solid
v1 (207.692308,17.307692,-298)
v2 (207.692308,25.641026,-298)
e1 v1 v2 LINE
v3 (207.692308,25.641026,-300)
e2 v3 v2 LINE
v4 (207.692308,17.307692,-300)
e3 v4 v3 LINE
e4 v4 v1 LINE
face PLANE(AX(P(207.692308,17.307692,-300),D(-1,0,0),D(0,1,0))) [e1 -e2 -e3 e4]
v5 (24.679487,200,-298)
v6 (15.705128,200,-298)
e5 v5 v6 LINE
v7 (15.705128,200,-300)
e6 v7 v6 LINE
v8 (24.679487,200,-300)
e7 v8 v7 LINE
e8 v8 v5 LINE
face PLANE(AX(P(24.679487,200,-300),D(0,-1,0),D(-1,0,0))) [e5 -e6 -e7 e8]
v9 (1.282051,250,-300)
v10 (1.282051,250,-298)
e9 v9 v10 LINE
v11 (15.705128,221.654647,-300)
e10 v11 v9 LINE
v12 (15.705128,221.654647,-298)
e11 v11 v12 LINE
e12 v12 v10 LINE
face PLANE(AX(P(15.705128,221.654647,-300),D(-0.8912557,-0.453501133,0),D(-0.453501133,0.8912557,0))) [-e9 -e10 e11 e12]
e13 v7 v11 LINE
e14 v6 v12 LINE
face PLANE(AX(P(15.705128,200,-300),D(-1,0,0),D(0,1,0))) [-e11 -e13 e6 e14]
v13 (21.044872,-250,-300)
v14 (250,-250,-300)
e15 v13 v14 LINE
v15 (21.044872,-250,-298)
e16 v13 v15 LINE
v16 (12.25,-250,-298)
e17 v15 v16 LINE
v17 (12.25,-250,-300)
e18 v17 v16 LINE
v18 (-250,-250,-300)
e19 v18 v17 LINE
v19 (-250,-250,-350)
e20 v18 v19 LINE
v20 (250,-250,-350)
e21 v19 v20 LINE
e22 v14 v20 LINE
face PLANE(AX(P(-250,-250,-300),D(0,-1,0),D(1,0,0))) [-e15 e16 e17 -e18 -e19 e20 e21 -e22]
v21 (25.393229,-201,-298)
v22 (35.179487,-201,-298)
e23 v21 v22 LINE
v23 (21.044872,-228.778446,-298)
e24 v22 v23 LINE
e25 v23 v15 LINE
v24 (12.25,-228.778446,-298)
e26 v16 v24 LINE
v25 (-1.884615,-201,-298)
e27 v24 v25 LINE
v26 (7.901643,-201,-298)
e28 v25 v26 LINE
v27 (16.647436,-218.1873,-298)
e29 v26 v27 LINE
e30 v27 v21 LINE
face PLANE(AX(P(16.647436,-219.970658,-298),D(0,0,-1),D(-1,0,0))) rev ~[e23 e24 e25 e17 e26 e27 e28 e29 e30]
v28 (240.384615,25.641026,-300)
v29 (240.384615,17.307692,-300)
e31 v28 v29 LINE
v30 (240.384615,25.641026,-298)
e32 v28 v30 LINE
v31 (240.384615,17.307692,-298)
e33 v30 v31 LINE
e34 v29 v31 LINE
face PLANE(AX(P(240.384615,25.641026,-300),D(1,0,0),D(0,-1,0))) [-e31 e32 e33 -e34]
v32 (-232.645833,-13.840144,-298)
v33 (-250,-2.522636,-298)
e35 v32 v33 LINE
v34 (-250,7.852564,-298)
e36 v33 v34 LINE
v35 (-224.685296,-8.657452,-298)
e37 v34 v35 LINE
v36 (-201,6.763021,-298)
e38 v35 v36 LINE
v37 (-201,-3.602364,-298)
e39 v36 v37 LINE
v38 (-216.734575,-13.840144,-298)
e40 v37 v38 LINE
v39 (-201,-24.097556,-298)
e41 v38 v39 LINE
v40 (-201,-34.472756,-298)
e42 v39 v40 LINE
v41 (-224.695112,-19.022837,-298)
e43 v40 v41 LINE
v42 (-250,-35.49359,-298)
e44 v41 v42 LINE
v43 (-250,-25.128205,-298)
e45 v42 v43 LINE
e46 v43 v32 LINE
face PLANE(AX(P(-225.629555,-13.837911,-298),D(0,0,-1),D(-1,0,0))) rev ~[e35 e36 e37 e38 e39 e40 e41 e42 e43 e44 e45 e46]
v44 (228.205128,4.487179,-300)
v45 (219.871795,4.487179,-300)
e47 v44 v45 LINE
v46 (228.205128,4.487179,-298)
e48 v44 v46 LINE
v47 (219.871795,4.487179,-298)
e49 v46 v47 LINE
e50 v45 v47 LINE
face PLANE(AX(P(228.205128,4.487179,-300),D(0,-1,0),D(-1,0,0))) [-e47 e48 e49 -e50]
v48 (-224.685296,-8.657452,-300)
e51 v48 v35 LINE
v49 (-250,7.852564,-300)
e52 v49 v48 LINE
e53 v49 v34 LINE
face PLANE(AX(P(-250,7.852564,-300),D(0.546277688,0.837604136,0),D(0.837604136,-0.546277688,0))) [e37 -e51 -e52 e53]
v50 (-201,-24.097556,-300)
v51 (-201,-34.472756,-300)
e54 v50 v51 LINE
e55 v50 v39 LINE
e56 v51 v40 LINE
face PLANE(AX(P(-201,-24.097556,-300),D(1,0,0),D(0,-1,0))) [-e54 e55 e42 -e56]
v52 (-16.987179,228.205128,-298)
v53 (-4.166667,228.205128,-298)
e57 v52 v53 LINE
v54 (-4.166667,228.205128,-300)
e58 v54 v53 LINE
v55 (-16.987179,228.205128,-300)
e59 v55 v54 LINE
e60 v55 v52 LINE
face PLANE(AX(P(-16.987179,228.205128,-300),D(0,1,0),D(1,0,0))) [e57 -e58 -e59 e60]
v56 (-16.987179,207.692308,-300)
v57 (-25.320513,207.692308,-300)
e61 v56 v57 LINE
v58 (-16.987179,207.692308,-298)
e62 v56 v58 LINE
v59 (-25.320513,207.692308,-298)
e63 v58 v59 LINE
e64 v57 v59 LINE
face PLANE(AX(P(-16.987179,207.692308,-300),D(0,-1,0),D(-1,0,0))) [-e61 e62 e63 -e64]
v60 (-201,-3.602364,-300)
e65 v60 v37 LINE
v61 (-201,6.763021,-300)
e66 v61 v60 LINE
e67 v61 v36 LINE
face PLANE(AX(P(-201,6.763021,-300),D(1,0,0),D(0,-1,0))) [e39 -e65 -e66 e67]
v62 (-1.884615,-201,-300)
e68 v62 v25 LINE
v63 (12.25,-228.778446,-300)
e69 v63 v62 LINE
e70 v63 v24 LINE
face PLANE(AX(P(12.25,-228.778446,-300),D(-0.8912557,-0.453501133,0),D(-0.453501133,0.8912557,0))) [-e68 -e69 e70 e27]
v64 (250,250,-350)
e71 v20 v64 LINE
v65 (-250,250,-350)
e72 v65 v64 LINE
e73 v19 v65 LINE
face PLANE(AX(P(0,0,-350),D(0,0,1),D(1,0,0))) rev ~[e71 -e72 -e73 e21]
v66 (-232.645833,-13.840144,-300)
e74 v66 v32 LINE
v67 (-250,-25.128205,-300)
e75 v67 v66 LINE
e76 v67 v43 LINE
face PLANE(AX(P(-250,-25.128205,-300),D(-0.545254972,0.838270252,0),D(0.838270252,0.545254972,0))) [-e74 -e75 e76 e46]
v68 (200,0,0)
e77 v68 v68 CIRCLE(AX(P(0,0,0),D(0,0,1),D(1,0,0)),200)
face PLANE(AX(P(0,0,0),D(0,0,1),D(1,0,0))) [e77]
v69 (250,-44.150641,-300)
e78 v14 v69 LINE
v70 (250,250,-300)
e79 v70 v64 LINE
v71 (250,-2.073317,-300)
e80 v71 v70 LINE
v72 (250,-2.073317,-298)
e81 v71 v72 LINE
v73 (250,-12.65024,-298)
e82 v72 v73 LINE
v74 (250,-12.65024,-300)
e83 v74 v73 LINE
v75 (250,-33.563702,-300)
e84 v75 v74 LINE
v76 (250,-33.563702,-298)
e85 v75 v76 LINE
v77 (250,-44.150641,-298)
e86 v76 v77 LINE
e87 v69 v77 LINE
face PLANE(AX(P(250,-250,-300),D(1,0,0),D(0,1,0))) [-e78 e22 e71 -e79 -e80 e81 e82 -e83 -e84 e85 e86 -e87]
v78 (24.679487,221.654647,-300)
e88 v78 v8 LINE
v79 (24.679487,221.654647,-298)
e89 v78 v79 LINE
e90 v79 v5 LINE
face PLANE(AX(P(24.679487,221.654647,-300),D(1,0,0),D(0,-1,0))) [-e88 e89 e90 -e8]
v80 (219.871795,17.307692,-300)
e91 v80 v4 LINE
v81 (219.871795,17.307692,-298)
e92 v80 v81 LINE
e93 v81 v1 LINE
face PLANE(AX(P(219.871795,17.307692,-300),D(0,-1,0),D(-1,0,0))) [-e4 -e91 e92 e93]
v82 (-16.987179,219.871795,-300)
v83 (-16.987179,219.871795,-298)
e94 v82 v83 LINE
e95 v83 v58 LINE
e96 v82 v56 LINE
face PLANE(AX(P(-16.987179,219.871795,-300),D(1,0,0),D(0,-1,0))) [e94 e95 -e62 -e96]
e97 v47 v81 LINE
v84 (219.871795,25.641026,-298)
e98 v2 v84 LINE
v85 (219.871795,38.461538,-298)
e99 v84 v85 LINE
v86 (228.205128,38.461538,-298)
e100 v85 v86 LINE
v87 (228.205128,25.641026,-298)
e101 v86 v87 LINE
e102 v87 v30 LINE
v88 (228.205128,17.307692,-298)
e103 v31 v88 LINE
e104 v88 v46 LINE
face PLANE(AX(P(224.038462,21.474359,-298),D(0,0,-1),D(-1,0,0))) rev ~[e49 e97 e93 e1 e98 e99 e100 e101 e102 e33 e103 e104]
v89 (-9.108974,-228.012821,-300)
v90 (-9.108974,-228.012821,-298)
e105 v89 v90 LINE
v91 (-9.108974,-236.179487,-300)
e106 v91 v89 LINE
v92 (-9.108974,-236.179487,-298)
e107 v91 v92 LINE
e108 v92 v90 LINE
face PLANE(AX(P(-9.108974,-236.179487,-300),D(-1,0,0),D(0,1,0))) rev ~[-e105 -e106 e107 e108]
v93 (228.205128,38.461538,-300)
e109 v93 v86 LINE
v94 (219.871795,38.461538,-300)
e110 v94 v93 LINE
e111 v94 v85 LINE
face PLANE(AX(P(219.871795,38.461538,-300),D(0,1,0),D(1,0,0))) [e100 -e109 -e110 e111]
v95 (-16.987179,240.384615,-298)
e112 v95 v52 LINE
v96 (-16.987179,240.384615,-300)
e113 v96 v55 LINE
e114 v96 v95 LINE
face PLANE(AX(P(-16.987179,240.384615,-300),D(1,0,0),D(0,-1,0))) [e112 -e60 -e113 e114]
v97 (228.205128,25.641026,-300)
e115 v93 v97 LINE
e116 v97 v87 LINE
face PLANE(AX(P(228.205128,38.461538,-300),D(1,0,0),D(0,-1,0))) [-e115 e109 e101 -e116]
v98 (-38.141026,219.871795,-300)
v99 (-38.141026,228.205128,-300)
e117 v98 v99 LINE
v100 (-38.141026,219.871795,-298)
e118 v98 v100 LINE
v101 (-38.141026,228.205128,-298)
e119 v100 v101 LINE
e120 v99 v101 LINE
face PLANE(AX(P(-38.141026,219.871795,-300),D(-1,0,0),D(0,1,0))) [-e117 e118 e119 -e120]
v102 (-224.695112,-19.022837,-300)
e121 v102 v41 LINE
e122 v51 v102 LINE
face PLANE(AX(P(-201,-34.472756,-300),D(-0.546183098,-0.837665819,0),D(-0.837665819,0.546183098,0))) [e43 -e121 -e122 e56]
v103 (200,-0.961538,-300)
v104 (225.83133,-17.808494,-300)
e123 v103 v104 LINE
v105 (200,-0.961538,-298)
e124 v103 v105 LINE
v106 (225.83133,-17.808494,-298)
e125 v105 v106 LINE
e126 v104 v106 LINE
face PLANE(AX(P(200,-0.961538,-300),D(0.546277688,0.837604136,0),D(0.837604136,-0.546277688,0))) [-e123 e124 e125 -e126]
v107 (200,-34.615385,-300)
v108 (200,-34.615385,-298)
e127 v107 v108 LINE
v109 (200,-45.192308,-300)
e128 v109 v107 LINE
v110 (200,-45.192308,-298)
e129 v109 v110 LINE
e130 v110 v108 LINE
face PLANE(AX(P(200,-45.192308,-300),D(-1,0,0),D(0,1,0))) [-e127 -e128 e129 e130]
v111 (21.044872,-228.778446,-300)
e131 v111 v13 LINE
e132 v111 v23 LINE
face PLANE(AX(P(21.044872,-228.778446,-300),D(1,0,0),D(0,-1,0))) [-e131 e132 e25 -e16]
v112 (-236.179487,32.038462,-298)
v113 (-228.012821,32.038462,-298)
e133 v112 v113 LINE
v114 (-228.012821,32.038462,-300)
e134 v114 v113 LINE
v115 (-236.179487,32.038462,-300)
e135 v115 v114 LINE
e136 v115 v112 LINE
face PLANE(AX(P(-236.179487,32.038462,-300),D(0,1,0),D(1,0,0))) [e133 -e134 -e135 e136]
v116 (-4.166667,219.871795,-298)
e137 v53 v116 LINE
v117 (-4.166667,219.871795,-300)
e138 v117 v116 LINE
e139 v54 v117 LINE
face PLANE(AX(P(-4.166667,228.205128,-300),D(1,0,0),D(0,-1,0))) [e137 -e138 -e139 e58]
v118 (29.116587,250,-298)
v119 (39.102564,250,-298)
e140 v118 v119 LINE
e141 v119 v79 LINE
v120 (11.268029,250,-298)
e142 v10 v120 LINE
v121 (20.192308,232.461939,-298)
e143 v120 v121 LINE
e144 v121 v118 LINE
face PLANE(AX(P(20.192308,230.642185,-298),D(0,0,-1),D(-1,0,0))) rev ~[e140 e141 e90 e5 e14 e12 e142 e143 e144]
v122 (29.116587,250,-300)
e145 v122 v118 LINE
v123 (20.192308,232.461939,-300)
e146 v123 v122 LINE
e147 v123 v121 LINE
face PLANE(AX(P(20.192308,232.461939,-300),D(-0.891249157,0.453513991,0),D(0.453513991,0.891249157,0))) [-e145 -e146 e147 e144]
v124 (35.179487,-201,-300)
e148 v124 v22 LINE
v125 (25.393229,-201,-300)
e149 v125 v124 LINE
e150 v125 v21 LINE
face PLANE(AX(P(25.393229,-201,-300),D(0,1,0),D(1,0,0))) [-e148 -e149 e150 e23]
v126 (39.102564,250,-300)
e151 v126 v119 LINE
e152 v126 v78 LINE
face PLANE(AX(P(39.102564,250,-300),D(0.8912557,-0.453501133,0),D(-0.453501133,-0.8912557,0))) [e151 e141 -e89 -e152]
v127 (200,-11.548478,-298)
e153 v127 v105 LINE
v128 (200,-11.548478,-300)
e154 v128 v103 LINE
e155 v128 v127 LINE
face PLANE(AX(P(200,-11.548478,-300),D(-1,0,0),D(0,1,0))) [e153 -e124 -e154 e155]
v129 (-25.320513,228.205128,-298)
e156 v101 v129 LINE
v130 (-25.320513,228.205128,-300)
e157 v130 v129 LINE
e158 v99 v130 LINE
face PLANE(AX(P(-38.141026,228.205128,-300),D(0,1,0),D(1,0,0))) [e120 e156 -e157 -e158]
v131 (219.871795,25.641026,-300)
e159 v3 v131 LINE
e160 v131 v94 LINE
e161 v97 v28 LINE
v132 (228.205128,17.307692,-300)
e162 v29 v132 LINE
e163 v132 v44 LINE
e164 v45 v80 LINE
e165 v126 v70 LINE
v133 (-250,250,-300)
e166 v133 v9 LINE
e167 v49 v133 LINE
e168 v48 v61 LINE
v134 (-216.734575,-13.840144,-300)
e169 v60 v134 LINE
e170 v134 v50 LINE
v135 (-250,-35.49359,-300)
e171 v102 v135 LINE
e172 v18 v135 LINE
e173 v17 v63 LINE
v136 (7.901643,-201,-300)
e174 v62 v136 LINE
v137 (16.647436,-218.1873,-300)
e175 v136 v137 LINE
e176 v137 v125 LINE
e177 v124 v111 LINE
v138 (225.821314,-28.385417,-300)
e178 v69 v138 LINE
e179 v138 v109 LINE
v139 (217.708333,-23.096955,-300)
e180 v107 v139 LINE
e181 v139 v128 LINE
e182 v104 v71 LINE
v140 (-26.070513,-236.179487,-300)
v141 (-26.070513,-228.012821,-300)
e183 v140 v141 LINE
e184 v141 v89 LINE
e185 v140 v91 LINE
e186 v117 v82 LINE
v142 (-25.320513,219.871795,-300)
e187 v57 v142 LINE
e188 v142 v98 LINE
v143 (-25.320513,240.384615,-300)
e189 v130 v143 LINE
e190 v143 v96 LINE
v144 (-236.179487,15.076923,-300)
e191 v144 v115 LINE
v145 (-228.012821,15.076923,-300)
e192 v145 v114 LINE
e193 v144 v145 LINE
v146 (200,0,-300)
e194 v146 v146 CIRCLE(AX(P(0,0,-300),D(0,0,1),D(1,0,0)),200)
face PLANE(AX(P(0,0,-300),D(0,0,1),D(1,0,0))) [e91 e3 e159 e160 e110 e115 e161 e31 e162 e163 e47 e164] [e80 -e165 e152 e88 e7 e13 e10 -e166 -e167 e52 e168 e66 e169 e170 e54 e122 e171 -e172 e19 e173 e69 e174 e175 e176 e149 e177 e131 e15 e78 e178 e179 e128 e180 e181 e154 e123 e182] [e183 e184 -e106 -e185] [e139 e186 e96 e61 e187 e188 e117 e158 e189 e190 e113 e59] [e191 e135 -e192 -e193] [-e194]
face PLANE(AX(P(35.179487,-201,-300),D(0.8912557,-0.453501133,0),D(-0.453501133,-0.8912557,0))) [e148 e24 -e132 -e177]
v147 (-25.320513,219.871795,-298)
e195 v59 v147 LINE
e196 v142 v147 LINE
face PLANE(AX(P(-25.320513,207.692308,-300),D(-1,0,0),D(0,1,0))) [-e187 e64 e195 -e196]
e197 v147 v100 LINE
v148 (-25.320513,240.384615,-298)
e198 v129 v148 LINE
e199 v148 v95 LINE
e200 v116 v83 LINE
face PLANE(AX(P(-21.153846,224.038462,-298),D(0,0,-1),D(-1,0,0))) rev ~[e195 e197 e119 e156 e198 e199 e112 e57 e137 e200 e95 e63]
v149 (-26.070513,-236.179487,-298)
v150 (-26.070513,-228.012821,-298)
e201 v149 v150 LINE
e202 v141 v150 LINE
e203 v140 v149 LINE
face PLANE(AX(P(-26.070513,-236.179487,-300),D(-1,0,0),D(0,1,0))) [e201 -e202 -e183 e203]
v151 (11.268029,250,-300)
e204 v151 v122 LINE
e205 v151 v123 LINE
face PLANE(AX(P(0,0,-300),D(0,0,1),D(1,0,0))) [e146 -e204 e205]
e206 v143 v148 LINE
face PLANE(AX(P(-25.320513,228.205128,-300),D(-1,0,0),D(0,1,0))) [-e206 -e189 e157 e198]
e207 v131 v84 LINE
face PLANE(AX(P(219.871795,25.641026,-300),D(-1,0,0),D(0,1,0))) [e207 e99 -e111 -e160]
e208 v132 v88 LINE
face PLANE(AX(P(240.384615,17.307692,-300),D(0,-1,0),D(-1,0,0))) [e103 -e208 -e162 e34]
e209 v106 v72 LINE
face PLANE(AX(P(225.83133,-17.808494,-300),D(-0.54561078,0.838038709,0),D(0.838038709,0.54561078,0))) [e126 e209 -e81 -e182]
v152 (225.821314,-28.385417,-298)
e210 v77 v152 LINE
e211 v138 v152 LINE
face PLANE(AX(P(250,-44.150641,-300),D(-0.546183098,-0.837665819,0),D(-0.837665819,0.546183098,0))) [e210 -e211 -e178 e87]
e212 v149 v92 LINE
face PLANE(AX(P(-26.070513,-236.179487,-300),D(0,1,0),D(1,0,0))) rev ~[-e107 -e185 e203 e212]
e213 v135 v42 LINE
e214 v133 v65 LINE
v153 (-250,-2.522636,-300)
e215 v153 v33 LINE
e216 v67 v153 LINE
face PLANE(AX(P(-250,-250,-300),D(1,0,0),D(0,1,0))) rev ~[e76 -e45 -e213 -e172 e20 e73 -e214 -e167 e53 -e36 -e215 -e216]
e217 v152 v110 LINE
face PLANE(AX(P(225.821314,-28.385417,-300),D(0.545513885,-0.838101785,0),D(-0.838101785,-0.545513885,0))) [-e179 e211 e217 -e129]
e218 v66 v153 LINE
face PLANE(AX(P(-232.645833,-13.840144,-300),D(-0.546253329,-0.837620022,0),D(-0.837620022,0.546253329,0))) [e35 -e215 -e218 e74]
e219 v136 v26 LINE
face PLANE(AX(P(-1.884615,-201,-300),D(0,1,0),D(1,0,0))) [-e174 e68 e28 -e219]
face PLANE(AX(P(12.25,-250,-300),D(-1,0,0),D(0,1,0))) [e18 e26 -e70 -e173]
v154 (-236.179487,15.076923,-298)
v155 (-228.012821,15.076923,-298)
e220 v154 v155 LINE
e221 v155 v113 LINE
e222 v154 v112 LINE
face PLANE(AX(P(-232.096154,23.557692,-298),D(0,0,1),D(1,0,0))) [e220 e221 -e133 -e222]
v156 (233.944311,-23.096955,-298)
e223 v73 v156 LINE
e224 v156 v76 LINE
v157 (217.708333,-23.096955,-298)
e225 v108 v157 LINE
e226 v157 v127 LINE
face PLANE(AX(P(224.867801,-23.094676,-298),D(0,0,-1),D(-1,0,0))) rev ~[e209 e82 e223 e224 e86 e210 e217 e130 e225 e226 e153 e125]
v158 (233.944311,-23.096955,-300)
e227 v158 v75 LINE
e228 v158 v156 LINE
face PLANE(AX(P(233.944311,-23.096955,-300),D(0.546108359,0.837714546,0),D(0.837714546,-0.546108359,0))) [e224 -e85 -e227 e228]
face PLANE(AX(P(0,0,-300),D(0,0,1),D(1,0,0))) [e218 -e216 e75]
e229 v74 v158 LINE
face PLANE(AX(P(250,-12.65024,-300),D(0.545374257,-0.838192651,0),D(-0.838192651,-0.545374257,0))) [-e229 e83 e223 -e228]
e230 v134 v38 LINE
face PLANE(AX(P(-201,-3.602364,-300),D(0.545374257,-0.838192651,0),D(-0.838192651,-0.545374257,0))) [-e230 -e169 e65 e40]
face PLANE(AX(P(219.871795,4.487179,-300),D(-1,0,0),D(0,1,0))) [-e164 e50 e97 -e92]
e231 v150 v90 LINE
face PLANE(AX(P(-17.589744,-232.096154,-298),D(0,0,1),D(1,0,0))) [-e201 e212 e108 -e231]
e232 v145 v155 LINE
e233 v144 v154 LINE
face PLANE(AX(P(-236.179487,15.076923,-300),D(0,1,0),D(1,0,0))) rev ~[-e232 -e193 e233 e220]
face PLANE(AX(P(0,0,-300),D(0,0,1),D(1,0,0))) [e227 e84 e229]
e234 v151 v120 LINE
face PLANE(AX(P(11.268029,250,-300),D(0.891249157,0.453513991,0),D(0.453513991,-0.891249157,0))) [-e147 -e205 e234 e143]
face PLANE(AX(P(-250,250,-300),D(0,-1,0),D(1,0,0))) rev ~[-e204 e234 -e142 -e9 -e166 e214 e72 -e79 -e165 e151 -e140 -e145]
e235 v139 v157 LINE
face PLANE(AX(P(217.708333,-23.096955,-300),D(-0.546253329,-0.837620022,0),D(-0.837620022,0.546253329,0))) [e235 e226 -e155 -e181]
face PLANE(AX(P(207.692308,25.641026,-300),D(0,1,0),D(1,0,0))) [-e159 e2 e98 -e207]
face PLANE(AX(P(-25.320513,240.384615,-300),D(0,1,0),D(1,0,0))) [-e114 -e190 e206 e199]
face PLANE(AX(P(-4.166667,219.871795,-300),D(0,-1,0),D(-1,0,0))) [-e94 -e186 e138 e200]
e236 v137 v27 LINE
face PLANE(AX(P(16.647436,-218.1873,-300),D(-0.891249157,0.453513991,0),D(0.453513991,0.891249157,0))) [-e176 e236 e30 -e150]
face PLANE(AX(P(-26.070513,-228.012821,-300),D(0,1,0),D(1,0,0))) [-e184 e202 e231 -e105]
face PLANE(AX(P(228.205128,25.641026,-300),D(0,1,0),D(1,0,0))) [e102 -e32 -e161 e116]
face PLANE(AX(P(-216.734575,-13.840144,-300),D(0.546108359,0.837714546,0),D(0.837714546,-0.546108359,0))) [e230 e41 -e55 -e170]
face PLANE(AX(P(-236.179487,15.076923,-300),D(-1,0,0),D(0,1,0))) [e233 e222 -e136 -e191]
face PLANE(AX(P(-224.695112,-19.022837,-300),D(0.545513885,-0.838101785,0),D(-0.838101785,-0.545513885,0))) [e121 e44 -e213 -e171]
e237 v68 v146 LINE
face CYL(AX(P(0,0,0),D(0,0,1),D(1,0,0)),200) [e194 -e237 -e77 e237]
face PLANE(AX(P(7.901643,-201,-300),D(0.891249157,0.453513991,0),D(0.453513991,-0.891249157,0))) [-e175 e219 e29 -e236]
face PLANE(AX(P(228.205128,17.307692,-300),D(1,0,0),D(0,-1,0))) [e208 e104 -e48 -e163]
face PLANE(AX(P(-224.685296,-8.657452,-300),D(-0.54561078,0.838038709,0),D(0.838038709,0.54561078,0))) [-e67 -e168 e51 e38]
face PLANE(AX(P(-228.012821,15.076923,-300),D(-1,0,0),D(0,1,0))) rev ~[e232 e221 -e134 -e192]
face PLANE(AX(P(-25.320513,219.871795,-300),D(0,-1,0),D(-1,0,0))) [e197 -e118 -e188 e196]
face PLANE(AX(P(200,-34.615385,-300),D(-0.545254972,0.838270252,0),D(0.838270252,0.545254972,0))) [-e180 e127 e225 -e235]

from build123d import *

# Parameters (mm, degrees)
SKETCH3_R           = 200
BOSS_EXTRUDE3_DEPTH = 300
BOSS_EXTRUDE4_START = -300
SKETCH3_3_W         = 500
SKETCH3_3_H         = 500
BOSS_EXTRUDE4_DEPTH = 50
SKETCH4_W           = 8.166666666
SKETCH4_H           = 16.961538461
SKETCH4_W_2         = 16.961538462
SKETCH4_H_2         = 8.166666666
BOSS_EXTRUDE5_DEPTH = 2


with BuildPart() as part:
    # Sketch3 → Boss-Extrude3 (new body)
    with BuildSketch(Plane.XY):
        Circle(SKETCH3_R)
    extrude(amount=-BOSS_EXTRUDE3_DEPTH)

    # Sketch3<3> → Boss-Extrude4 (add)
    with BuildSketch(Plane.XY.offset(BOSS_EXTRUDE4_START)):
        Rectangle(SKETCH3_3_W, SKETCH3_3_H)
    extrude(amount=-BOSS_EXTRUDE4_DEPTH)

    # Sketch4 → Boss-Extrude5 (add)
    with BuildSketch(Plane.XY.offset(-300)):
        Polygon((228.205128205, 25.641025641), (240.384615385, 25.641025641), (240.384615385, 17.307692308), (228.205128205, 17.307692308), (228.205128205, 4.487179487), (219.871794872, 4.487179487), (219.871794872, 17.307692308), (207.692307692, 17.307692308), (207.692307692, 25.641025641), (219.871794872, 25.641025641), (219.871794872, 38.461538462), (228.205128205, 38.461538462), align=None)
        Polygon((250, -2.073317308), (250, -12.650240385), (233.944310897, -23.096955128), (250, -33.563701923), (250, -44.150641026), (225.821314103, -28.385416667), (200, -45.192307692), (200, -34.615384615), (217.708333333, -23.096955128), (200, -11.548477564), (200, -0.961538462), (225.831330128, -17.80849359), align=None)
        Polygon((-25.320512821, 228.205128205), (-25.320512821, 240.384615385), (-16.987179487, 240.384615385), (-16.987179487, 228.205128205), (-4.166666667, 228.205128205), (-4.166666667, 219.871794872), (-16.987179487, 219.871794872), (-16.987179487, 207.692307692), (-25.320512821, 207.692307692), (-25.320512821, 219.871794872), (-38.141025641, 219.871794872), (-38.141025641, 228.205128205), align=None)
        Polygon((1.282051282, 250), (11.268028846, 250), (20.192307692, 232.461939103), (29.116586538, 250), (39.102564103, 250), (24.679487179, 221.654647436), (24.679487179, 200), (15.705128205, 200), (15.705128205, 221.654647436), align=None)
        Polygon((-201, 6.763020833), (-201, -3.602363782), (-216.734575321, -13.840144231), (-201, -24.09755609), (-201, -34.47275641), (-224.695112179, -19.022836538), (-250, -35.493589744), (-250, -25.128205128), (-232.645833333, -13.840144231), (-250, -2.522636218), (-250, 7.852564103), (-224.685296474, -8.657451923), align=None)
        with Locations((-232.096153846, 23.557692308)):
            Rectangle(SKETCH4_W, SKETCH4_H)
        with Locations((-17.58974359, -232.096153846)):
            Rectangle(SKETCH4_W_2, SKETCH4_H_2)
        Polygon((-1.884615385, -201), (7.901642628, -201), (16.647435897, -218.187299679), (25.393229167, -201), (35.179487179, -201), (21.044871795, -228.778445513), (21.044871795, -250), (12.25, -250), (12.25, -228.778445513), align=None)
    extrude(amount=BOSS_EXTRUDE5_DEPTH)


solid = part.part
